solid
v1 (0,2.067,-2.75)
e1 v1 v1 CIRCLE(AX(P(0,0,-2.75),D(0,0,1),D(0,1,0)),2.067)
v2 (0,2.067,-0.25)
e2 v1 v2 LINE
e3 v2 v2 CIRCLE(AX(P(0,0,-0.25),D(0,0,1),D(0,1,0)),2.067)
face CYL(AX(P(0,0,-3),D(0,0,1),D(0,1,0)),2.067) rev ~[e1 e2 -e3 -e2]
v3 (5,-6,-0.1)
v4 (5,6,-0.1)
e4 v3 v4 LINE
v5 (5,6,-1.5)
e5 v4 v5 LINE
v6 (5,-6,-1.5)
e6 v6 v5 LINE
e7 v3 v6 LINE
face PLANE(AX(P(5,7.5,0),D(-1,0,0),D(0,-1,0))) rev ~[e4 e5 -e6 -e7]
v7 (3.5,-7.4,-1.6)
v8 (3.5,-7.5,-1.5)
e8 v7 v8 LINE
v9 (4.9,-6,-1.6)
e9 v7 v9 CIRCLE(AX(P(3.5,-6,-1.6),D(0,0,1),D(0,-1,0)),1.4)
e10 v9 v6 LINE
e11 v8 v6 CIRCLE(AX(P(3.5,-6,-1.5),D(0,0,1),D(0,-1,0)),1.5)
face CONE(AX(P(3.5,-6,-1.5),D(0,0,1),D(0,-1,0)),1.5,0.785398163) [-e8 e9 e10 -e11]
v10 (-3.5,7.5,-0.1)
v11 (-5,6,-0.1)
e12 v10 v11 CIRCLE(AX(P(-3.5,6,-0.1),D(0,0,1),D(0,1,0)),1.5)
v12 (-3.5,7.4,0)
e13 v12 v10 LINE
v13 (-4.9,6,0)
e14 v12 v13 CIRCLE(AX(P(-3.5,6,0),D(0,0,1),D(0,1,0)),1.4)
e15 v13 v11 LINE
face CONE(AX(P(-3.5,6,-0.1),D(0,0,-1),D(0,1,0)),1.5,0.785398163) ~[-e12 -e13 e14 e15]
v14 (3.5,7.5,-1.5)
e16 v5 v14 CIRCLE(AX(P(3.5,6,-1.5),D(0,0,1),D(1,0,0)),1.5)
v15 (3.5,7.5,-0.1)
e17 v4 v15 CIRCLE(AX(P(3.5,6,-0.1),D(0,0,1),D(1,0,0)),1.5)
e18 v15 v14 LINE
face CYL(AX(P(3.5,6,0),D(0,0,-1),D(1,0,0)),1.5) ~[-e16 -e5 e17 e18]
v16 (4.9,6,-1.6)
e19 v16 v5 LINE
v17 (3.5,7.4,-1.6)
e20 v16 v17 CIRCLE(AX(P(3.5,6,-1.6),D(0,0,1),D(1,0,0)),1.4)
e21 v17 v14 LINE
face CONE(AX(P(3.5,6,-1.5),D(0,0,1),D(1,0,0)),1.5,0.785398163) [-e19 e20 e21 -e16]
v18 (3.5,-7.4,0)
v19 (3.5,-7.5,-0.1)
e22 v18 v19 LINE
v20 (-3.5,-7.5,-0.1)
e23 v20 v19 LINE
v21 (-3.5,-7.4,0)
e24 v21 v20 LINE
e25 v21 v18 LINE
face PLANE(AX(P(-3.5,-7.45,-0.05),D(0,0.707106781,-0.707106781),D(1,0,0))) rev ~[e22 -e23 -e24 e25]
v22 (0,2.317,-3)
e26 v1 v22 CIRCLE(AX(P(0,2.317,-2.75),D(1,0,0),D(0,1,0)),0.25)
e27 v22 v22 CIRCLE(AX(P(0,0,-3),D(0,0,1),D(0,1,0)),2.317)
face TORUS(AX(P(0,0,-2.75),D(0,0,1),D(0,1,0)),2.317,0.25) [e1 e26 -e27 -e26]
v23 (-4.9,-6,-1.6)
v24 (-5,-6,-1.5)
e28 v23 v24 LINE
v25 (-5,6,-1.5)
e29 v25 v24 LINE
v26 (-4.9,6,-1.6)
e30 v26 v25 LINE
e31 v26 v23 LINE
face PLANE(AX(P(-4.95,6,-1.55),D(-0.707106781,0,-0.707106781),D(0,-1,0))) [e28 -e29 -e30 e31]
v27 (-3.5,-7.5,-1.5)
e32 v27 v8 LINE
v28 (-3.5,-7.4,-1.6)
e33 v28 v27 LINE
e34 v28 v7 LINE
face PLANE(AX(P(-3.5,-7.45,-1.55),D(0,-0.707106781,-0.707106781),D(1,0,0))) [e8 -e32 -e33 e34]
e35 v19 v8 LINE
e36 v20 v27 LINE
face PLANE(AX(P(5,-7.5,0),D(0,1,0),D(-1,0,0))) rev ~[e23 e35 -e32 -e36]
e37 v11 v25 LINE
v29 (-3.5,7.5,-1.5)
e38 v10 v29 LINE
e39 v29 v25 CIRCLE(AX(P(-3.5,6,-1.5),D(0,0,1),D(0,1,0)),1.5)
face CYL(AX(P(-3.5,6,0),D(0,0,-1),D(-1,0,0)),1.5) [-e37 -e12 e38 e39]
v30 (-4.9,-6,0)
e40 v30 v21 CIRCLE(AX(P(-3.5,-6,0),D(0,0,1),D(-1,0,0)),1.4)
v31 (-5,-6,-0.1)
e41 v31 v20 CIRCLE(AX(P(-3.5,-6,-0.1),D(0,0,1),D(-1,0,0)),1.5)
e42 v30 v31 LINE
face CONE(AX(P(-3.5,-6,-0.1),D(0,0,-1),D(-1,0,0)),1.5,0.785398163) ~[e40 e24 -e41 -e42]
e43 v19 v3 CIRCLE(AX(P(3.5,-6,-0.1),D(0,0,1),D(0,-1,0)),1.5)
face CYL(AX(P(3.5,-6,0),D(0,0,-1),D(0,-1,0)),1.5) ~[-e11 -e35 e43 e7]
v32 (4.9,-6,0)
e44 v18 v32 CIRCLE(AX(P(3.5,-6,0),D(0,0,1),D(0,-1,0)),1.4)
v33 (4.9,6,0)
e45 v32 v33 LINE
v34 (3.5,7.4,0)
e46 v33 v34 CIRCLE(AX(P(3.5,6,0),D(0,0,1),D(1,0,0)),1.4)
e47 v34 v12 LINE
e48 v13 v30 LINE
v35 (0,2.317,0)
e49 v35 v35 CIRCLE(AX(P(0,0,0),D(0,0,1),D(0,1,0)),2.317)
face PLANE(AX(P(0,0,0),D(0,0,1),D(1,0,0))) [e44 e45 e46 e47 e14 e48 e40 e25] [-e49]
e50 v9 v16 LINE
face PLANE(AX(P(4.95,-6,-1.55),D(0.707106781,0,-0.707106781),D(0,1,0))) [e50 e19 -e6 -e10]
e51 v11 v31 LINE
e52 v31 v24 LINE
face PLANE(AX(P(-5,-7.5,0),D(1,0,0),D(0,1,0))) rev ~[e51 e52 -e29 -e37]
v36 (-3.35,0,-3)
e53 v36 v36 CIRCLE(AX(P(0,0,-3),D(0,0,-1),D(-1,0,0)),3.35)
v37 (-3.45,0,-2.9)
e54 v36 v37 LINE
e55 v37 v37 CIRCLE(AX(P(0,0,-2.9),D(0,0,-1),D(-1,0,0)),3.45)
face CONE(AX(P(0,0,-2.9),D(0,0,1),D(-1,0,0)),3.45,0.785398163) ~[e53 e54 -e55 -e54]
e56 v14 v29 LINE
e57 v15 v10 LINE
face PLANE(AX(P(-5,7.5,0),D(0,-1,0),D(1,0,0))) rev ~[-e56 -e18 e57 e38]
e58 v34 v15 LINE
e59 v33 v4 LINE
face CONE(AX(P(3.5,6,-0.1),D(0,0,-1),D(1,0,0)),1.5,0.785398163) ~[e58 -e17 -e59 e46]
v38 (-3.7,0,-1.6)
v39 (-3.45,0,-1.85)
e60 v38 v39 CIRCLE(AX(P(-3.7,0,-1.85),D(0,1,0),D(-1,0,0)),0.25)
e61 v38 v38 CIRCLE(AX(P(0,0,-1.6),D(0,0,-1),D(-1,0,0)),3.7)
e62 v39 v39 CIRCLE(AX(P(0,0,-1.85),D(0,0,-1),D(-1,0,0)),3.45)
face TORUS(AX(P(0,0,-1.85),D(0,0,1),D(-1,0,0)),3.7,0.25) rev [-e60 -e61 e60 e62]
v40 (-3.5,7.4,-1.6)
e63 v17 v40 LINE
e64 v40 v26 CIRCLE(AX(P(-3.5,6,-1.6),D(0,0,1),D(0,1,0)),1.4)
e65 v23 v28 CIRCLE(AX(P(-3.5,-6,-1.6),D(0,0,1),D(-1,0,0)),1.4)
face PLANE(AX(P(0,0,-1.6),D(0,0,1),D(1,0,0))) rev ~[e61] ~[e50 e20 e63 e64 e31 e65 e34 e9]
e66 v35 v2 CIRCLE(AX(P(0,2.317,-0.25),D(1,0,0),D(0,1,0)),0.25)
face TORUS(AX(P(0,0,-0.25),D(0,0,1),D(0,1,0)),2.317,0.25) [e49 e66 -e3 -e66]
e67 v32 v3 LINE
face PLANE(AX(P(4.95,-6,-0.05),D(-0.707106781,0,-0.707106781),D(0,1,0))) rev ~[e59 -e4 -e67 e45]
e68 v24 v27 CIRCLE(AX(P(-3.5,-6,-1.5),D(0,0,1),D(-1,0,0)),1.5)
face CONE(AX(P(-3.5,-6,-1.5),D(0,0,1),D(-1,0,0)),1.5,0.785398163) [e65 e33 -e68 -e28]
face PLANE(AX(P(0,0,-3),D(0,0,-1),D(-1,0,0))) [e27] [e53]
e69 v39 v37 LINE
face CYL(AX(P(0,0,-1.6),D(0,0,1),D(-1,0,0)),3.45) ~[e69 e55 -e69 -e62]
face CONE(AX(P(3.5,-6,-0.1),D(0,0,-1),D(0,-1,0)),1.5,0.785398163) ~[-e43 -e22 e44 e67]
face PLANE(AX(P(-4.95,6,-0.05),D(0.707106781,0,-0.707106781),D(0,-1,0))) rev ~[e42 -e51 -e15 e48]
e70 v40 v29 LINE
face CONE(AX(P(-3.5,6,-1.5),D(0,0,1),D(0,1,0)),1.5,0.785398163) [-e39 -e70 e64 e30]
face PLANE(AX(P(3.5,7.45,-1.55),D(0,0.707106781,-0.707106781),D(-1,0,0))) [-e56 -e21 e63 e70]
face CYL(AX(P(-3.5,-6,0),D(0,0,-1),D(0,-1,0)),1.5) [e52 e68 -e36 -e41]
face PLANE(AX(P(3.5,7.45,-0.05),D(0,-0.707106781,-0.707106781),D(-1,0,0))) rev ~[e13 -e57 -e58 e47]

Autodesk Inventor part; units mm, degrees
ref_plane "YZ Plane" through (0, 0, 0) normal (1, 0, 0) x (0, 1, 0)
ref_plane "XZ Plane" through (0, 0, 0) normal (0, 1, 0) x (-1, 0, 0)
ref_plane "XY Plane" through (0, 0, 0) normal (0, 0, 1) x (1, 0, 0)
sketch "Sketch1" plane through (0, 0, 0) normal (0, 0, 1) x (1, 0, 0)
  line L0 (5, -7.5) -> (-5, -7.5)
  line L1 (-5, -7.5) -> (-5, 7.5)
  line L2 (-5, 7.5) -> (5, 7.5)
  line L3 (5, 7.5) -> (5, -7.5)
  line L4 (5, -7.5) -> (-5, 7.5) construction
  line L5 (-5, -7.5) -> (5, 7.5) construction
  point P0 (0, 0)
  dimension "d0" = 10
  dimension "d1" = 15
extrude "Extrusion1" add sketch "Sketch1" against normal blind 1.6
sketch "Sketch2" plane through (0, 0, -1.6) normal (0, 0, -1) x (-1, 0, 0)
  circle A0 centre (0, 0) radius 3.45
  dimension "d4" = 6.9
extrude "Extrusion2" add sketch "Sketch2" along normal blind 1.4
fillet "Fillet1" radius 0.25 1 edges at (3.45, 0, -1.6)
fillet "Fillet2" radius 1.5 4 edges at (5, 7.5, -0.8) (-5, 7.5, -0.8) (-5, -7.5, -0.8) (5, -7.5, -0.8)
sketch "Sketch3" plane through (0, 0, -3) normal (0, 0, -1) x (-1, 0, 0)
  circle A0 centre (0, 0) radius 3.45 projected
hole "Hole1" at (0, 0, -3) direction (0, 0, 1) diameter 4.134 end through all thread size "M5x0.8" class "6H" standard "ANSI Metric M Profile"
fillet "Fillet3" radius 0.25 2 edges at (0, -2.067, 0) (0, -2.067, -3)
chamfer "Chamfer1" distance 0.1 angle 45 1 edges at (3.45, 0, -3)
chamfer "Chamfer2" distance 0.1 angle 45 16 edges at (4.5607, 7.0607, 0) (5, 0, 0) (4.5607, -7.0607, 0) (0, -7.5, 0) (-4.5607, -7.0607, 0) (-5, 0, 0) (-4.5607, 7.0607, 0) (0, 7.5, 0) (4.5607, 7.0607, -1.6) (0, 7.5, -1.6) (-4.5607, 7.0607, -1.6) (-5, 0, -1.6) (-4.5607, -7.0607, -1.6) (0, -7.5, -1.6) (4.5607, -7.0607, -1.6) (5, 0, -1.6)
properties part number "M5 T SLOT NUT"
